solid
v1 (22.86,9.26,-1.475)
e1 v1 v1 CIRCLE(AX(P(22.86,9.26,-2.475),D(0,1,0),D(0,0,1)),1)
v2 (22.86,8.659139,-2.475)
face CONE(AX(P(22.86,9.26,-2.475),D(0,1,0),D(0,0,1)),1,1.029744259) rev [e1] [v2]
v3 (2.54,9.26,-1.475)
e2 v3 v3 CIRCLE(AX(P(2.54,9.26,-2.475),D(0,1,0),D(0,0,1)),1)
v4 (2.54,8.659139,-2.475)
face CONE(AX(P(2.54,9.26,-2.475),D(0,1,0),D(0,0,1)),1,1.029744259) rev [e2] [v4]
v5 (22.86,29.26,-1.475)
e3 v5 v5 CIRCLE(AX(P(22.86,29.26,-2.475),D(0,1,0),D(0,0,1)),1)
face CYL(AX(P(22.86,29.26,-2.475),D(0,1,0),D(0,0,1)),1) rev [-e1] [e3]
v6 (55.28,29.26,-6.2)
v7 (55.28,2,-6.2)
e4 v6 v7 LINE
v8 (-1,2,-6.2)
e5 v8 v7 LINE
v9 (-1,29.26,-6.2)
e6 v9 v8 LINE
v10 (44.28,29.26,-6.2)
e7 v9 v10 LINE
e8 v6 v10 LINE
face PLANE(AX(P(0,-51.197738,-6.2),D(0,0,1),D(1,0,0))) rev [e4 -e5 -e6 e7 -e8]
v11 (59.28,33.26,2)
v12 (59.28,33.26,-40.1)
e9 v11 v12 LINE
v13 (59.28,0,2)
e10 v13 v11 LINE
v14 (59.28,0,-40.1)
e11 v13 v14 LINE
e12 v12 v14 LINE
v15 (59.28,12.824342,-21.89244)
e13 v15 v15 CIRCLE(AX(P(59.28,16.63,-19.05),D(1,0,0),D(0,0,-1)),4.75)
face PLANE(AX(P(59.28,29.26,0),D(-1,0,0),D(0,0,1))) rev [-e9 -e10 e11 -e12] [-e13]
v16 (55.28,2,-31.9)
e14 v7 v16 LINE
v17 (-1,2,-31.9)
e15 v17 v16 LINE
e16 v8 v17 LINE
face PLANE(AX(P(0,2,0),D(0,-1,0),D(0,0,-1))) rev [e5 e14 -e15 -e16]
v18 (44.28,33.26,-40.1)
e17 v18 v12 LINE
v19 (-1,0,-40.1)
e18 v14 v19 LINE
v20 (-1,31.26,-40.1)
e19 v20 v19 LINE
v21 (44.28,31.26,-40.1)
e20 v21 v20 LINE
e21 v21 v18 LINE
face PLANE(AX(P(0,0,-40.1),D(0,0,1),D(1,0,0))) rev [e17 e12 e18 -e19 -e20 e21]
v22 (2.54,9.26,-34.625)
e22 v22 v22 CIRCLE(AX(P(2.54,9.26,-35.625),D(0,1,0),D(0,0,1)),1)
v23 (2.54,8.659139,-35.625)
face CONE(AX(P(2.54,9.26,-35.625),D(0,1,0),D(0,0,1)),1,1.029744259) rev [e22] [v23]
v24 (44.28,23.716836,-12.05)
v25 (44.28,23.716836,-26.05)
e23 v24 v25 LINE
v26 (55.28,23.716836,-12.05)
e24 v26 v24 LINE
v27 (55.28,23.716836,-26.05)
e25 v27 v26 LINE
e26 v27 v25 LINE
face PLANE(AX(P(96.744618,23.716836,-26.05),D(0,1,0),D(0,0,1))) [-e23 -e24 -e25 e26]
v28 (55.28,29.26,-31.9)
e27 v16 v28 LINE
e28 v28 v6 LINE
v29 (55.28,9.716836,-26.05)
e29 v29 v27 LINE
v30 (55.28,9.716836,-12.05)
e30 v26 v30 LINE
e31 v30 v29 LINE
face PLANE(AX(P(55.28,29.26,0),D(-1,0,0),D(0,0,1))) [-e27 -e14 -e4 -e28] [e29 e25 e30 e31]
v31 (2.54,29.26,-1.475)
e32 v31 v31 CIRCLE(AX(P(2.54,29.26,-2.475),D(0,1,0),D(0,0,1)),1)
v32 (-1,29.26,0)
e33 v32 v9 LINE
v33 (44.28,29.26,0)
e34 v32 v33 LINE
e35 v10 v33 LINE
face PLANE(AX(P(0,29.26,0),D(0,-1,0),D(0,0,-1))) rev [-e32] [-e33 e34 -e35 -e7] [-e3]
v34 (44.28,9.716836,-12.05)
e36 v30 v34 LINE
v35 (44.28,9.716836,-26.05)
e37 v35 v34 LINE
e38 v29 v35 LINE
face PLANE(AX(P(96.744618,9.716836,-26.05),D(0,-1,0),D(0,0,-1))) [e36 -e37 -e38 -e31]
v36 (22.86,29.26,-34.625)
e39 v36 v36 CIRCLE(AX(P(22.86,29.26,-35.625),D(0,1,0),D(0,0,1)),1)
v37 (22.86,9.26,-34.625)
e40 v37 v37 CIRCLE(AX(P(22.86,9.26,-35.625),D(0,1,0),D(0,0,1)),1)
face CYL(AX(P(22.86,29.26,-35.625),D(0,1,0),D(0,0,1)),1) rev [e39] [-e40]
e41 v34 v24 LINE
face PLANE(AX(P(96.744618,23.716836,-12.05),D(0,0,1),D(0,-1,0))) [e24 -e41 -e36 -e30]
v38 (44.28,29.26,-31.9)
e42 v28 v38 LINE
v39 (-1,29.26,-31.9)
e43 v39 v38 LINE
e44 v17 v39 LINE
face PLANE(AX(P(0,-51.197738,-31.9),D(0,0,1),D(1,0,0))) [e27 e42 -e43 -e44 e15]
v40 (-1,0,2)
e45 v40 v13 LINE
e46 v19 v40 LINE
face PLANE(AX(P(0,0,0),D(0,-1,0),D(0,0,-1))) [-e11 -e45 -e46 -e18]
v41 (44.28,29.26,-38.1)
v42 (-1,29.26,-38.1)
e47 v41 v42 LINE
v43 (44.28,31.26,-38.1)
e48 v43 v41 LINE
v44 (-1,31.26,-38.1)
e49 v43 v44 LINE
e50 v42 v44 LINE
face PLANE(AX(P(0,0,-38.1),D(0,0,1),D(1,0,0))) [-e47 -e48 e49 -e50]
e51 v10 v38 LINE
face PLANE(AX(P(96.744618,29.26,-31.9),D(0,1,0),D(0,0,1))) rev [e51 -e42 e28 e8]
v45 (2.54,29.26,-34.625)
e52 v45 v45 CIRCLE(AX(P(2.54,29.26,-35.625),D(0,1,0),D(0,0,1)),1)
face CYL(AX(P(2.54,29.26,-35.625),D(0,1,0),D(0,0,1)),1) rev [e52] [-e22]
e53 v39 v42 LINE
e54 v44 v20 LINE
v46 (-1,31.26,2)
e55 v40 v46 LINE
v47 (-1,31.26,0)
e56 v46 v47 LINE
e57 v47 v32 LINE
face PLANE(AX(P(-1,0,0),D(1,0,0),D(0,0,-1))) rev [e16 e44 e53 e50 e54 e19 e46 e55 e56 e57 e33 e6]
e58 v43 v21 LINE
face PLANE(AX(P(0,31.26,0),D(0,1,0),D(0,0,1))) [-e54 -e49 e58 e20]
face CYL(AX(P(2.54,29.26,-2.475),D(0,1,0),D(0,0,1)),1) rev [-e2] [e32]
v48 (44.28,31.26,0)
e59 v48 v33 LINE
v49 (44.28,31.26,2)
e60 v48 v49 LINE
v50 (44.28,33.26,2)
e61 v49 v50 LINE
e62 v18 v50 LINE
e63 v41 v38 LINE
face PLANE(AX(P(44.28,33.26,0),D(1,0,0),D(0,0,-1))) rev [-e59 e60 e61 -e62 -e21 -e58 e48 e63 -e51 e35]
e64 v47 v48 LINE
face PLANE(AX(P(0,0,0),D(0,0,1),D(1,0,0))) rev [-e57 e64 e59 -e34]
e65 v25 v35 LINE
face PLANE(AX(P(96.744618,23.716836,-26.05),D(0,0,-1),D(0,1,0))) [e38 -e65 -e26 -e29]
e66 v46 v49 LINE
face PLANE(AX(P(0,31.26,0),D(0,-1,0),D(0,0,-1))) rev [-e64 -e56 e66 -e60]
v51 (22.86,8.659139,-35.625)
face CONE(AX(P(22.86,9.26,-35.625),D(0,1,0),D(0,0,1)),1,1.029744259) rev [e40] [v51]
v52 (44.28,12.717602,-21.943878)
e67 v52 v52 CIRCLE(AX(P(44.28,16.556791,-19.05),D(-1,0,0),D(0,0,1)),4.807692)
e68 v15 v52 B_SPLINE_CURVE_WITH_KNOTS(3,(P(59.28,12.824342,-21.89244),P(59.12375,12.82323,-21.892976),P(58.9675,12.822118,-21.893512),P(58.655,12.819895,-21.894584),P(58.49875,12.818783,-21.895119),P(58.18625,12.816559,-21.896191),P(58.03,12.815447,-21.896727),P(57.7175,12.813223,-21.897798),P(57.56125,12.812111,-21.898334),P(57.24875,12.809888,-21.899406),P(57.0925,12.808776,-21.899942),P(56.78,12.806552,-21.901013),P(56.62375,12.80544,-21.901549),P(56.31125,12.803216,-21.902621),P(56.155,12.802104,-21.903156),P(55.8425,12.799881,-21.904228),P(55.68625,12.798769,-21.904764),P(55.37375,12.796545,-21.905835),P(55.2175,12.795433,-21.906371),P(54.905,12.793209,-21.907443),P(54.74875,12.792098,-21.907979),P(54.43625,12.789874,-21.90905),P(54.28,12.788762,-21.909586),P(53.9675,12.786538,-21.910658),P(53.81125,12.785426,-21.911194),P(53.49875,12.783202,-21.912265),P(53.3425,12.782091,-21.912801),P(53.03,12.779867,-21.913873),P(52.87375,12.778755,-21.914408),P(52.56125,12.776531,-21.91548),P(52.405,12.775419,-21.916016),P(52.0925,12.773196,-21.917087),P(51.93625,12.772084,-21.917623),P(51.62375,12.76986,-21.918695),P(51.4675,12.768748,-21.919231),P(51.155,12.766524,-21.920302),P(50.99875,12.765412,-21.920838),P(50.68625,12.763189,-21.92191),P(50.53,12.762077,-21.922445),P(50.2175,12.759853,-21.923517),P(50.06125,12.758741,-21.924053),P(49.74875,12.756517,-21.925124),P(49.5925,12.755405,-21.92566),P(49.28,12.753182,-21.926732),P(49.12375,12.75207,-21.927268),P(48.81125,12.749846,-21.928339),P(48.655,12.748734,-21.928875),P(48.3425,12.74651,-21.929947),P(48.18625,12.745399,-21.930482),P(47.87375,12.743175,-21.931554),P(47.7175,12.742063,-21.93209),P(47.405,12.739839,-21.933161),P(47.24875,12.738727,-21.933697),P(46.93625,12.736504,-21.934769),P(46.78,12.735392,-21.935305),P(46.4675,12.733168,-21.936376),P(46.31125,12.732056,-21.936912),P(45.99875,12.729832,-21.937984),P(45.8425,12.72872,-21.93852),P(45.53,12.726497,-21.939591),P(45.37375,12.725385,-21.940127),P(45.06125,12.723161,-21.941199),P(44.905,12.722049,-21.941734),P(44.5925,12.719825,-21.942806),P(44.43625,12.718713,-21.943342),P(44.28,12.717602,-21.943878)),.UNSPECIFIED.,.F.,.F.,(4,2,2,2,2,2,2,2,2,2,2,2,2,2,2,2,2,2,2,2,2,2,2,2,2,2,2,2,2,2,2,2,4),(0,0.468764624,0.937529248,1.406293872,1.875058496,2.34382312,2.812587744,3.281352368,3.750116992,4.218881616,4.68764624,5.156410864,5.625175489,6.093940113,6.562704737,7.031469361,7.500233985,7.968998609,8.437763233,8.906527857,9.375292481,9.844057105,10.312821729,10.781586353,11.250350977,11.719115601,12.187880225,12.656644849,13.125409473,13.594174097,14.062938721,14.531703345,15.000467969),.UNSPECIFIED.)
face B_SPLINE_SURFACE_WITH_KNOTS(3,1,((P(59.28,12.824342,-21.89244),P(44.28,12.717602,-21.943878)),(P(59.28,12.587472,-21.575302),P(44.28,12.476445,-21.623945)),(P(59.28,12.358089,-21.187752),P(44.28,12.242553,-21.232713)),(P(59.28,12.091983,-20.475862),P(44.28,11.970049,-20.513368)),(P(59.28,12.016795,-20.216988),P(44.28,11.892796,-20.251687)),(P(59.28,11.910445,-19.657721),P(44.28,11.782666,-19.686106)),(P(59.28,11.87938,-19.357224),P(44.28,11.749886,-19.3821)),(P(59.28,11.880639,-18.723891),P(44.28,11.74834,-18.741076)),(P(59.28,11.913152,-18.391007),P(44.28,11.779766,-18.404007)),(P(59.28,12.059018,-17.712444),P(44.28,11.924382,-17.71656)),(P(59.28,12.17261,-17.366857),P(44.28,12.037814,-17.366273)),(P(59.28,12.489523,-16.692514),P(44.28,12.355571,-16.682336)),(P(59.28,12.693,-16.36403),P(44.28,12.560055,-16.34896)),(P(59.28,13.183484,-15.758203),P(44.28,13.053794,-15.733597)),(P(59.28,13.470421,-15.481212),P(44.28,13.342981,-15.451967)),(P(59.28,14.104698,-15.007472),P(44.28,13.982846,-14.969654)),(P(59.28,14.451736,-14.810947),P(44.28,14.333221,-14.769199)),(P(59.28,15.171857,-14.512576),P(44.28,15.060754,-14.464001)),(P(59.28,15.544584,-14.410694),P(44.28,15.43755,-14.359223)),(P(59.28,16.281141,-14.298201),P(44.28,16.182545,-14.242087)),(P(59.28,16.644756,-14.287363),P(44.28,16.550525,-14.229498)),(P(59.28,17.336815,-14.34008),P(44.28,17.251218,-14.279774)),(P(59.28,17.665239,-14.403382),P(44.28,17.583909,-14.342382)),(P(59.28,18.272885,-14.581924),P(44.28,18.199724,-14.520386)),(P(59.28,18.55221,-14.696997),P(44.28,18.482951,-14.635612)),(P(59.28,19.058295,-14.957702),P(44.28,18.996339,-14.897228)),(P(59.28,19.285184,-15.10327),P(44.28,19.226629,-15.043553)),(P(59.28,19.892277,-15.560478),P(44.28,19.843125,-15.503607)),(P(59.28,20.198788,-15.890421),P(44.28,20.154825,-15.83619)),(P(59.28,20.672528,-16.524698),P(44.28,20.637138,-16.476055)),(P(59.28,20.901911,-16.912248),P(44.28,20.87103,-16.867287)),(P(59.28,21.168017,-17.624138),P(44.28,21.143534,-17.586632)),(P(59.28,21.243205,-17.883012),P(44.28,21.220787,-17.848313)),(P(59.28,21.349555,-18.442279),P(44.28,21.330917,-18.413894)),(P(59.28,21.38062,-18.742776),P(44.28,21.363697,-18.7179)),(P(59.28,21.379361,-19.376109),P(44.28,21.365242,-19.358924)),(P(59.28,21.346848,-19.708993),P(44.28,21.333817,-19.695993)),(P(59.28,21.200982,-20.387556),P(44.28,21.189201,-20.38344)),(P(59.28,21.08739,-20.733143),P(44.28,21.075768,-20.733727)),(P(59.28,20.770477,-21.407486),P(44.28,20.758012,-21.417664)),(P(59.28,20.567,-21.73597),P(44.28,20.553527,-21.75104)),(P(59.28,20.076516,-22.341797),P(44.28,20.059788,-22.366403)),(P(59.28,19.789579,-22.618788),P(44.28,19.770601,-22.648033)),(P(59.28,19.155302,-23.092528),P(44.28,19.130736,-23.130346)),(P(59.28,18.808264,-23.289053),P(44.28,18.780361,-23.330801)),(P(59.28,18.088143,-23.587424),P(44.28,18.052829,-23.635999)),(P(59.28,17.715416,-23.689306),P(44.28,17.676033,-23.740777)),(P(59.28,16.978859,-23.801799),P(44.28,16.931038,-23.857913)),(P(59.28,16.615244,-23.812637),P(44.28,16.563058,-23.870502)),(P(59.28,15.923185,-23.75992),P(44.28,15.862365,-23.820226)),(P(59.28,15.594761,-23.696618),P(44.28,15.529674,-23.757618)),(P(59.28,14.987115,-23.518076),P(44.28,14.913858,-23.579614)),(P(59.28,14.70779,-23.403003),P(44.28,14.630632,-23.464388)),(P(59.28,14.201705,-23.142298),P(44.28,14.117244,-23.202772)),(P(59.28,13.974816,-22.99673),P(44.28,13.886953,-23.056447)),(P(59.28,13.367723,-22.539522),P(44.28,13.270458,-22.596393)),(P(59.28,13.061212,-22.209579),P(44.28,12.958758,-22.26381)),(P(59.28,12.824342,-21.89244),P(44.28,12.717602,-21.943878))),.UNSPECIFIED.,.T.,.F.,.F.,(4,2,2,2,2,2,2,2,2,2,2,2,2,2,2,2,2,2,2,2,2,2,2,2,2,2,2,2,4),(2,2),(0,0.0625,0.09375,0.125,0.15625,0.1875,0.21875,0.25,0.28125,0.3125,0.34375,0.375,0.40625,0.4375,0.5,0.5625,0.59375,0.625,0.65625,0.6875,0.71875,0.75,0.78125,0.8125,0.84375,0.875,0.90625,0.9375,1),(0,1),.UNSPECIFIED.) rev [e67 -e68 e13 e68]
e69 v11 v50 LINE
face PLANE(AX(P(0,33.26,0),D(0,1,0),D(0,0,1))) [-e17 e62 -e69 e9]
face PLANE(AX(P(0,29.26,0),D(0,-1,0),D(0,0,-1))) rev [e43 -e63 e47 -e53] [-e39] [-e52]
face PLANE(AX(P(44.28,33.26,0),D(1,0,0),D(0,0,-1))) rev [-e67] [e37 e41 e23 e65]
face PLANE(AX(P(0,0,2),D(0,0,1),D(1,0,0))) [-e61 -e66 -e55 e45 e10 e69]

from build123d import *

# Parameters (mm, degrees)
SKETCH1_W                      = 59.28
SKETCH1_H                      = 38.1
BOSS_EXTRUDE2_DEPTH            = 29.26
SKETCH2_W                      = 15
SKETCH2_H                      = 38.1
BOSS_EXTRUDE3_DEPTH            = 4
SKETCH4_W                      = 44.28
SKETCH4_H                      = 25.7
CUT_EXTRUDE7_DEPTH             = 27.26
SKETCH7_R                      = 4.75
SKETCH8_R                      = 4.807692308
BOSS_EXTRUDE4_DEPTH            = 2
BOSS_EXTRUDE5_DEPTH            = 2
SKETCH15_W                     = 44.28
SKETCH15_H                     = 2
CUT_EXTRUDE9_DEPTH             = 2
BOSS_EXTRUDE6_DEPTH            = 1
F_2_0MM_DOWEL_HOLE1_AT_2_COUNT = 2
F_2_0MM_DOWEL_HOLE1_AT_2_PITCH = 20.32
LPATTERN1_COUNT                = 2
LPATTERN1_PITCH                = 33.15
SKETCH20_W                     = 25.7
SKETCH20_H                     = 27.26
SKETCH20_W_2                   = 14
SKETCH20_H_2                   = 14
CUT_EXTRUDE10_DEPTH            = 11


with BuildPart() as part:
    # Sketch1 → Boss-Extrude2 (new body)
    with BuildSketch(Plane(origin=(0, 0, 0), x_dir=(1, 0, 0), z_dir=(0, 1, 0))):
        with Locations((29.64, 19.05)):
            Rectangle(SKETCH1_W, SKETCH1_H)
    extrude(amount=BOSS_EXTRUDE2_DEPTH)

    # Sketch2 → Boss-Extrude3 (add)
    with BuildSketch(Plane(origin=(0, 29.26, 0), x_dir=(1, 0, 0), z_dir=(0, 1, 0))):
        with Locations((51.78, 19.05)):
            Rectangle(SKETCH2_W, SKETCH2_H)
    extrude(amount=BOSS_EXTRUDE3_DEPTH)

    # Sketch4 → Cut-Extrude7 (cut)
    with BuildSketch(Plane(origin=(0, 29.26, 0), x_dir=(1, 0, 0), z_dir=(0, 1, 0))):
        with Locations((22.14, 19.05)):
            Rectangle(SKETCH4_W, SKETCH4_H)
    extrude(amount=-CUT_EXTRUDE7_DEPTH, mode=Mode.SUBTRACT)

    # Sketch7 → Cut-Loft2 section 0
    with BuildSketch(Plane(origin=(59.28, 0, 0), x_dir=(0, 0, -1), z_dir=(1, 0, 0))):
        with Locations((19.05, 16.63)):
            Circle(SKETCH7_R)
    # Sketch8 → Cut-Loft2 section 1
    with BuildSketch(Plane.ZY.offset(-44.28)):
        with Locations((-19.05, 16.556791368)):
            Circle(SKETCH8_R)
    loft(mode=Mode.SUBTRACT)

    # Sketch13 → Boss-Extrude4 (add)
    with BuildSketch(Plane.XY):
        Polygon((0, 29.26), (0, 0), (59.28, 0), (59.28, 29.26), (59.28, 33.26), (0, 33.26), align=None)
    extrude(amount=BOSS_EXTRUDE4_DEPTH)

    # Sketch14 → Boss-Extrude5 (add)
    with BuildSketch(Plane(origin=(0, 0, -38.1), x_dir=(-1, 0, 0), z_dir=(0, 0, -1))):
        Polygon((-59.28, 0), (0, 0), (0, 29.26), (0, 33.26), (-59.28, 33.26), (-59.28, 29.26), align=None)
    extrude(amount=BOSS_EXTRUDE5_DEPTH)

    # Sketch15 → Cut-Extrude9 (cut)
    with BuildSketch(Plane(origin=(0, 33.26, 0), x_dir=(1, 0, 0), z_dir=(0, 1, 0))):
        with Locations((22.14, -1)):
            Rectangle(SKETCH15_W, SKETCH15_H)
        with Locations((22.14, 39.1)):
            Rectangle(SKETCH15_W, SKETCH15_H)
    extrude(amount=-CUT_EXTRUDE9_DEPTH, mode=Mode.SUBTRACT)

    # Sketch16 → Boss-Extrude6 (add)
    with BuildSketch(Plane.ZY):
        Polygon((-40.1, 31.26), (-38.1, 31.26), (-38.1, 29.26), (-31.9, 29.26), (-31.9, 2), (-6.2, 2), (-6.2, 29.26), (0, 29.26), (0, 31.26), (2, 31.26), (2, 0), (-40.1, 0), align=None)
    extrude(amount=BOSS_EXTRUDE6_DEPTH)

    # Sketch18 → Ø2.0mm Dowel Hole1 (revolve, cut)
    with BuildSketch(Plane(origin=(2.54, 29.26, -2.475), x_dir=(0, 0, 1), z_dir=(1, 0, 0))):
        Polygon((0, 0), (0, 20.600860619), (1, 20), (1, 0), align=None)
    f_2_0mm_dowel_hole1 = revolve(axis=Axis((2.54, 35.61, -2.475), (0, -1, 0)), mode=Mode.SUBTRACT)

    # Ø2.0mm Dowel Hole1 at 2: Ø2.0mm Dowel Hole1 ×2
    with Locations(*[(i * F_2_0MM_DOWEL_HOLE1_AT_2_PITCH, 0, 0) for i in range(1, F_2_0MM_DOWEL_HOLE1_AT_2_COUNT)]):
        add(f_2_0mm_dowel_hole1, mode=Mode.SUBTRACT)

    # LPattern1: Ø2.0mm Dowel Hole1 ×2
    with Locations(*[(0, 0, -i * LPATTERN1_PITCH) for i in range(1, LPATTERN1_COUNT)]):
        add(f_2_0mm_dowel_hole1, mode=Mode.SUBTRACT)

    # LPattern1 copy 1 sketch → LPattern1 copy 1 (revolve, cut)
    with BuildSketch(Plane(origin=(22.86, 29.26, -35.625), x_dir=(0, 0, 1), z_dir=(1, 0, 0))):
        Polygon((0, 0), (0, 20.600860619), (1, 20), (1, 0), align=None)
    revolve(axis=Axis((22.86, 35.61, -35.625), (0, -1, 0)), mode=Mode.SUBTRACT)

    # Sketch20 → Cut-Extrude10 (cut)
    with BuildSketch(Plane.ZY.offset(-44.28)):
        with Locations((-19.05, 15.63)):
            Rectangle(SKETCH20_W, SKETCH20_H)
        with Locations((-19.05, 16.716836028)):
            Rectangle(SKETCH20_W_2, SKETCH20_H_2, mode=Mode.SUBTRACT)
    extrude(amount=-CUT_EXTRUDE10_DEPTH, mode=Mode.SUBTRACT)


solid = part.part
